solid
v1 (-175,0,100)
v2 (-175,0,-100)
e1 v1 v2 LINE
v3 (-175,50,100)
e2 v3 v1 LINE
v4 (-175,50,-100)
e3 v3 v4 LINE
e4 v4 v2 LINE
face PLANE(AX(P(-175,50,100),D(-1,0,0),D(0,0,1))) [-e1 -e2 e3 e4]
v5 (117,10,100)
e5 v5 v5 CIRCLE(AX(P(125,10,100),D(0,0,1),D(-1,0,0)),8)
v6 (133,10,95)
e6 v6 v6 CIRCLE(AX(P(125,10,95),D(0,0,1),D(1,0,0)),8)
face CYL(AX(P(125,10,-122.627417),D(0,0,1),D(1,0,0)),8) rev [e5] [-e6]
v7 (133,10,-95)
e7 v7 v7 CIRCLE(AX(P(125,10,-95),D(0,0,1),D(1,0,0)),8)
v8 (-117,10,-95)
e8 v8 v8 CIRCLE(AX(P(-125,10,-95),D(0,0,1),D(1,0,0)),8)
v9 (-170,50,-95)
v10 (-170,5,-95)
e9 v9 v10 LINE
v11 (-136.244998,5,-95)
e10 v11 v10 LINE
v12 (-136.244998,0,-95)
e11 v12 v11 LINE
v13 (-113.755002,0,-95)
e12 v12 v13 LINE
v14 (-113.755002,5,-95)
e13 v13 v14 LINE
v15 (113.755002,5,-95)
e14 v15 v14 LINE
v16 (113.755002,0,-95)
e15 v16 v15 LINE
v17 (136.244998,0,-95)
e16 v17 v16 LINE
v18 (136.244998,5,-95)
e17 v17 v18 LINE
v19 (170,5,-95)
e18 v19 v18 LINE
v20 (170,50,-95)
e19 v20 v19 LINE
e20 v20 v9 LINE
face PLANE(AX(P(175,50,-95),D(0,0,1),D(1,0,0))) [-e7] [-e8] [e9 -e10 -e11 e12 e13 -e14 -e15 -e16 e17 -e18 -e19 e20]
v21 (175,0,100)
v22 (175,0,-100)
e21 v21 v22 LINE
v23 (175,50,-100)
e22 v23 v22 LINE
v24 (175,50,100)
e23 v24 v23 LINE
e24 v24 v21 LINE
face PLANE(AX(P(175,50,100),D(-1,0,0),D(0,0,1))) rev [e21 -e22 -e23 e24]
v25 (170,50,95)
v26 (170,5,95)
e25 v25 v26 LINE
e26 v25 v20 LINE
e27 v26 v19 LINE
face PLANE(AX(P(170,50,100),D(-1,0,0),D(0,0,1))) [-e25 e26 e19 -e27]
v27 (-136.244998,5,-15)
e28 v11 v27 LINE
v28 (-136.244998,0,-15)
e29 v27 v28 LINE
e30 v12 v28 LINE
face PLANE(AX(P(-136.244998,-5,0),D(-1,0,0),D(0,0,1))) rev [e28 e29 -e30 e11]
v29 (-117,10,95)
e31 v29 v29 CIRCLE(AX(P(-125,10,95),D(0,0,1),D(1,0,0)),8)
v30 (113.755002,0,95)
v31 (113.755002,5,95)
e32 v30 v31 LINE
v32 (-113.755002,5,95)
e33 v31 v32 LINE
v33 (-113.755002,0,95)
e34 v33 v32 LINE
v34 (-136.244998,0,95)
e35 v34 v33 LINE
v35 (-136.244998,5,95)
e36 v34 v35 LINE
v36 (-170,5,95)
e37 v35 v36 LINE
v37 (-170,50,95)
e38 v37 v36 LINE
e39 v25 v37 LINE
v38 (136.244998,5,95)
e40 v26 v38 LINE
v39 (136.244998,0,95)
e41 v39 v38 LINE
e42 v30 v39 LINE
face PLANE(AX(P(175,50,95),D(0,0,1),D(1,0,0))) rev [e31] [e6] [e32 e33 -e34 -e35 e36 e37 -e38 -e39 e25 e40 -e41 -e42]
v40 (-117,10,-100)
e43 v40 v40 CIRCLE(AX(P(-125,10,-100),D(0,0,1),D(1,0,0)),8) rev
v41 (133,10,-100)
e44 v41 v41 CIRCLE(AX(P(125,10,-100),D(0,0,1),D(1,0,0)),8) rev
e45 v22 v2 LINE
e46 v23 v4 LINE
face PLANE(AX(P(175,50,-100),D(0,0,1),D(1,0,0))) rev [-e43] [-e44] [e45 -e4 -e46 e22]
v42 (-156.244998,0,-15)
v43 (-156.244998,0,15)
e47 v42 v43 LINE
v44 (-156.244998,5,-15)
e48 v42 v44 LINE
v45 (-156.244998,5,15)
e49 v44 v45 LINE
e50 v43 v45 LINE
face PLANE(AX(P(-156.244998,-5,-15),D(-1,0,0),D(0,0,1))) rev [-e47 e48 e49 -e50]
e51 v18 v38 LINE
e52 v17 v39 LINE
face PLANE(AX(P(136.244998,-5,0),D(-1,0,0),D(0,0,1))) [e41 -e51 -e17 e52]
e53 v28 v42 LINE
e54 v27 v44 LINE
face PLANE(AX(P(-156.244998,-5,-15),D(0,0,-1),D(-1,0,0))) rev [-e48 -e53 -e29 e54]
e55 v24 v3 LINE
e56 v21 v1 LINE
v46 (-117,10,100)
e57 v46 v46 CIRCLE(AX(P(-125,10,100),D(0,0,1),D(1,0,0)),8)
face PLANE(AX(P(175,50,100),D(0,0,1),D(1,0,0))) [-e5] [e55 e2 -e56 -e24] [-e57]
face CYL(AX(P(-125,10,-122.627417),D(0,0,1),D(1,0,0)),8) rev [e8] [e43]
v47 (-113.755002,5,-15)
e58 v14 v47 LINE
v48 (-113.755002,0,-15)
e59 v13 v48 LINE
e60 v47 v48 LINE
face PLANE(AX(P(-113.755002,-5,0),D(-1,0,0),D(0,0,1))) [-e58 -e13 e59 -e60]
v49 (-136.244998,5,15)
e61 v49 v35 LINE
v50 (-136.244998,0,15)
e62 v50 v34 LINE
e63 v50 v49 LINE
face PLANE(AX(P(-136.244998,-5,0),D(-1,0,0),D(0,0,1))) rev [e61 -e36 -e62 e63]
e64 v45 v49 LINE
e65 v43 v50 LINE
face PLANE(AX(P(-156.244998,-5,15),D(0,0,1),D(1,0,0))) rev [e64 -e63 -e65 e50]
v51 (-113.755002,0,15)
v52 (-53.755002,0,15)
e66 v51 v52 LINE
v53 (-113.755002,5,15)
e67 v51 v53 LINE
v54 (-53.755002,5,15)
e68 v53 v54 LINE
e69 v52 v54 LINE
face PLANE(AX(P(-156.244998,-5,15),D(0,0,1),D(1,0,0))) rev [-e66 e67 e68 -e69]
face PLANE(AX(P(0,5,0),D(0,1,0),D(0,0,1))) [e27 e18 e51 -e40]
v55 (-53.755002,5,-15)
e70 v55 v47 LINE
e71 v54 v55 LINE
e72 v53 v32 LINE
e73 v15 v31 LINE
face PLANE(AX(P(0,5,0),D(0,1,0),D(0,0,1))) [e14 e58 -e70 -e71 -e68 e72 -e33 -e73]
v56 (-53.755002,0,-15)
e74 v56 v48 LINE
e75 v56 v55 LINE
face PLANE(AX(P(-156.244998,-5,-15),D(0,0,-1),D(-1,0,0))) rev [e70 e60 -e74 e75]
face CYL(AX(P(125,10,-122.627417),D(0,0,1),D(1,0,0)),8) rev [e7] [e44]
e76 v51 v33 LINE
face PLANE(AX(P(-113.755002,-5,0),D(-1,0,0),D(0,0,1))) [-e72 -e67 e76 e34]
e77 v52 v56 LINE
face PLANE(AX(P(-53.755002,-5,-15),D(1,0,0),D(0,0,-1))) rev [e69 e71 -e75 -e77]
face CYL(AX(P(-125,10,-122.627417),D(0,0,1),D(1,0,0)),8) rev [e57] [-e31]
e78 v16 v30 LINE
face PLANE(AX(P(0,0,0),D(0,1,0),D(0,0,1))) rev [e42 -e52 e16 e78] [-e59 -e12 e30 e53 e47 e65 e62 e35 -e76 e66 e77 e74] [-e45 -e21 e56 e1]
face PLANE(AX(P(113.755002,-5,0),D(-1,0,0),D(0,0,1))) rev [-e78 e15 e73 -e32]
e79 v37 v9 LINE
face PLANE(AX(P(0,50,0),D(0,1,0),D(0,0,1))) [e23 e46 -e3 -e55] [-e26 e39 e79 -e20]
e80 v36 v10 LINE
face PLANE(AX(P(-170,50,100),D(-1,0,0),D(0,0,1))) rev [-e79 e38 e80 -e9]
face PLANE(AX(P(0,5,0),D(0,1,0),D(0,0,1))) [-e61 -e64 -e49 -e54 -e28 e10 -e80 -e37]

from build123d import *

# Parameters (mm, degrees)
SKETCH1_W           = 350
SKETCH1_H           = 200
BOSS_EXTRUDE1_DEPTH = 50
SHELL1_T            = -5
CUT_EXTRUDE1_REACH  = 272.416
SKETCH3_R           = 8
SKETCH4_W           = 17.489995996
SKETCH4_H           = 190
SKETCH4_W_2         = 5
CUT_EXTRUDE4_DEPTH  = 10
SKETCH5_W           = 102.489995996
SKETCH5_H           = 30
CUT_EXTRUDE5_DEPTH  = 10


with BuildPart() as part:
    # Sketch1 → Boss-Extrude1 (new body)
    with BuildSketch(Plane(origin=(0, 0, 0), x_dir=(1, 0, 0), z_dir=(0, 1, 0))):
        Rectangle(SKETCH1_W, SKETCH1_H)
    extrude(amount=BOSS_EXTRUDE1_DEPTH)

    # Shell1
    shell1_openings = [part.faces().sort_by_distance(p)[0] for p in [
        (0, 50, 0),
    ]]
    offset(amount=SHELL1_T, openings=shell1_openings, kind=Kind.INTERSECTION)

    # Cut-Extrude1: up to this face of the body (flat: up to its plane)
    cut_extrude1_end = Plane(part.part.faces().sort_by_distance((0, 25, -100))[0])
    # Sketch3 → Cut-Extrude1 (cut, up to the picked face)
    with BuildSketch(Plane.XY.offset(100), mode=Mode.PRIVATE) as cut_extrude1_sk1:
        with Locations((-125, 10)):
            Circle(SKETCH3_R)
    cut_extrude1_tool1 = split(extrude(cut_extrude1_sk1.sketch, amount=-CUT_EXTRUDE1_REACH, mode=Mode.PRIVATE), bisect_by=cut_extrude1_end, keep=Keep.BOTH, mode=Mode.PRIVATE)
    # Sketch3 → Cut-Extrude1 (cut, up to the picked face)
    with BuildSketch(Plane.XY.offset(100), mode=Mode.PRIVATE) as cut_extrude1_sk2:
        with Locations((125, 10)):
            Circle(SKETCH3_R)
    cut_extrude1_tool2 = split(extrude(cut_extrude1_sk2.sketch, amount=-CUT_EXTRUDE1_REACH, mode=Mode.PRIVATE), bisect_by=cut_extrude1_end, keep=Keep.BOTH, mode=Mode.PRIVATE)
    add(cut_extrude1_tool1.solids().sort_by(Axis((-125, 10, 100), (0, 0, -1)))[0], mode=Mode.SUBTRACT)
    add(cut_extrude1_tool2.solids().sort_by(Axis((125, 10, 100), (0, 0, -1)))[0], mode=Mode.SUBTRACT)

    # Sketch4 → Cut-Extrude4 (cut)
    with BuildSketch(Plane(origin=(0, 5, 0), x_dir=(1, 0, 0), z_dir=(0, 1, 0))):
        with Locations((-127.5, 0)):
            Rectangle(SKETCH4_W, SKETCH4_H)
        with Locations((-116.255002002, 0)):
            Rectangle(SKETCH4_W_2, SKETCH4_H)
        with Locations((116.255002002, 0)):
            Rectangle(SKETCH4_W_2, SKETCH4_H)
        with Locations((127.5, 0)):
            Rectangle(SKETCH4_W, SKETCH4_H)
    extrude(amount=-CUT_EXTRUDE4_DEPTH, mode=Mode.SUBTRACT)

    # Sketch5 → Cut-Extrude5 (cut)
    with BuildSketch(Plane(origin=(0, 5, 0), x_dir=(1, 0, 0), z_dir=(0, 1, 0))):
        with Locations((-105, 0)):
            Rectangle(SKETCH5_W, SKETCH5_H)
    extrude(amount=-CUT_EXTRUDE5_DEPTH, mode=Mode.SUBTRACT)


solid = part.part
